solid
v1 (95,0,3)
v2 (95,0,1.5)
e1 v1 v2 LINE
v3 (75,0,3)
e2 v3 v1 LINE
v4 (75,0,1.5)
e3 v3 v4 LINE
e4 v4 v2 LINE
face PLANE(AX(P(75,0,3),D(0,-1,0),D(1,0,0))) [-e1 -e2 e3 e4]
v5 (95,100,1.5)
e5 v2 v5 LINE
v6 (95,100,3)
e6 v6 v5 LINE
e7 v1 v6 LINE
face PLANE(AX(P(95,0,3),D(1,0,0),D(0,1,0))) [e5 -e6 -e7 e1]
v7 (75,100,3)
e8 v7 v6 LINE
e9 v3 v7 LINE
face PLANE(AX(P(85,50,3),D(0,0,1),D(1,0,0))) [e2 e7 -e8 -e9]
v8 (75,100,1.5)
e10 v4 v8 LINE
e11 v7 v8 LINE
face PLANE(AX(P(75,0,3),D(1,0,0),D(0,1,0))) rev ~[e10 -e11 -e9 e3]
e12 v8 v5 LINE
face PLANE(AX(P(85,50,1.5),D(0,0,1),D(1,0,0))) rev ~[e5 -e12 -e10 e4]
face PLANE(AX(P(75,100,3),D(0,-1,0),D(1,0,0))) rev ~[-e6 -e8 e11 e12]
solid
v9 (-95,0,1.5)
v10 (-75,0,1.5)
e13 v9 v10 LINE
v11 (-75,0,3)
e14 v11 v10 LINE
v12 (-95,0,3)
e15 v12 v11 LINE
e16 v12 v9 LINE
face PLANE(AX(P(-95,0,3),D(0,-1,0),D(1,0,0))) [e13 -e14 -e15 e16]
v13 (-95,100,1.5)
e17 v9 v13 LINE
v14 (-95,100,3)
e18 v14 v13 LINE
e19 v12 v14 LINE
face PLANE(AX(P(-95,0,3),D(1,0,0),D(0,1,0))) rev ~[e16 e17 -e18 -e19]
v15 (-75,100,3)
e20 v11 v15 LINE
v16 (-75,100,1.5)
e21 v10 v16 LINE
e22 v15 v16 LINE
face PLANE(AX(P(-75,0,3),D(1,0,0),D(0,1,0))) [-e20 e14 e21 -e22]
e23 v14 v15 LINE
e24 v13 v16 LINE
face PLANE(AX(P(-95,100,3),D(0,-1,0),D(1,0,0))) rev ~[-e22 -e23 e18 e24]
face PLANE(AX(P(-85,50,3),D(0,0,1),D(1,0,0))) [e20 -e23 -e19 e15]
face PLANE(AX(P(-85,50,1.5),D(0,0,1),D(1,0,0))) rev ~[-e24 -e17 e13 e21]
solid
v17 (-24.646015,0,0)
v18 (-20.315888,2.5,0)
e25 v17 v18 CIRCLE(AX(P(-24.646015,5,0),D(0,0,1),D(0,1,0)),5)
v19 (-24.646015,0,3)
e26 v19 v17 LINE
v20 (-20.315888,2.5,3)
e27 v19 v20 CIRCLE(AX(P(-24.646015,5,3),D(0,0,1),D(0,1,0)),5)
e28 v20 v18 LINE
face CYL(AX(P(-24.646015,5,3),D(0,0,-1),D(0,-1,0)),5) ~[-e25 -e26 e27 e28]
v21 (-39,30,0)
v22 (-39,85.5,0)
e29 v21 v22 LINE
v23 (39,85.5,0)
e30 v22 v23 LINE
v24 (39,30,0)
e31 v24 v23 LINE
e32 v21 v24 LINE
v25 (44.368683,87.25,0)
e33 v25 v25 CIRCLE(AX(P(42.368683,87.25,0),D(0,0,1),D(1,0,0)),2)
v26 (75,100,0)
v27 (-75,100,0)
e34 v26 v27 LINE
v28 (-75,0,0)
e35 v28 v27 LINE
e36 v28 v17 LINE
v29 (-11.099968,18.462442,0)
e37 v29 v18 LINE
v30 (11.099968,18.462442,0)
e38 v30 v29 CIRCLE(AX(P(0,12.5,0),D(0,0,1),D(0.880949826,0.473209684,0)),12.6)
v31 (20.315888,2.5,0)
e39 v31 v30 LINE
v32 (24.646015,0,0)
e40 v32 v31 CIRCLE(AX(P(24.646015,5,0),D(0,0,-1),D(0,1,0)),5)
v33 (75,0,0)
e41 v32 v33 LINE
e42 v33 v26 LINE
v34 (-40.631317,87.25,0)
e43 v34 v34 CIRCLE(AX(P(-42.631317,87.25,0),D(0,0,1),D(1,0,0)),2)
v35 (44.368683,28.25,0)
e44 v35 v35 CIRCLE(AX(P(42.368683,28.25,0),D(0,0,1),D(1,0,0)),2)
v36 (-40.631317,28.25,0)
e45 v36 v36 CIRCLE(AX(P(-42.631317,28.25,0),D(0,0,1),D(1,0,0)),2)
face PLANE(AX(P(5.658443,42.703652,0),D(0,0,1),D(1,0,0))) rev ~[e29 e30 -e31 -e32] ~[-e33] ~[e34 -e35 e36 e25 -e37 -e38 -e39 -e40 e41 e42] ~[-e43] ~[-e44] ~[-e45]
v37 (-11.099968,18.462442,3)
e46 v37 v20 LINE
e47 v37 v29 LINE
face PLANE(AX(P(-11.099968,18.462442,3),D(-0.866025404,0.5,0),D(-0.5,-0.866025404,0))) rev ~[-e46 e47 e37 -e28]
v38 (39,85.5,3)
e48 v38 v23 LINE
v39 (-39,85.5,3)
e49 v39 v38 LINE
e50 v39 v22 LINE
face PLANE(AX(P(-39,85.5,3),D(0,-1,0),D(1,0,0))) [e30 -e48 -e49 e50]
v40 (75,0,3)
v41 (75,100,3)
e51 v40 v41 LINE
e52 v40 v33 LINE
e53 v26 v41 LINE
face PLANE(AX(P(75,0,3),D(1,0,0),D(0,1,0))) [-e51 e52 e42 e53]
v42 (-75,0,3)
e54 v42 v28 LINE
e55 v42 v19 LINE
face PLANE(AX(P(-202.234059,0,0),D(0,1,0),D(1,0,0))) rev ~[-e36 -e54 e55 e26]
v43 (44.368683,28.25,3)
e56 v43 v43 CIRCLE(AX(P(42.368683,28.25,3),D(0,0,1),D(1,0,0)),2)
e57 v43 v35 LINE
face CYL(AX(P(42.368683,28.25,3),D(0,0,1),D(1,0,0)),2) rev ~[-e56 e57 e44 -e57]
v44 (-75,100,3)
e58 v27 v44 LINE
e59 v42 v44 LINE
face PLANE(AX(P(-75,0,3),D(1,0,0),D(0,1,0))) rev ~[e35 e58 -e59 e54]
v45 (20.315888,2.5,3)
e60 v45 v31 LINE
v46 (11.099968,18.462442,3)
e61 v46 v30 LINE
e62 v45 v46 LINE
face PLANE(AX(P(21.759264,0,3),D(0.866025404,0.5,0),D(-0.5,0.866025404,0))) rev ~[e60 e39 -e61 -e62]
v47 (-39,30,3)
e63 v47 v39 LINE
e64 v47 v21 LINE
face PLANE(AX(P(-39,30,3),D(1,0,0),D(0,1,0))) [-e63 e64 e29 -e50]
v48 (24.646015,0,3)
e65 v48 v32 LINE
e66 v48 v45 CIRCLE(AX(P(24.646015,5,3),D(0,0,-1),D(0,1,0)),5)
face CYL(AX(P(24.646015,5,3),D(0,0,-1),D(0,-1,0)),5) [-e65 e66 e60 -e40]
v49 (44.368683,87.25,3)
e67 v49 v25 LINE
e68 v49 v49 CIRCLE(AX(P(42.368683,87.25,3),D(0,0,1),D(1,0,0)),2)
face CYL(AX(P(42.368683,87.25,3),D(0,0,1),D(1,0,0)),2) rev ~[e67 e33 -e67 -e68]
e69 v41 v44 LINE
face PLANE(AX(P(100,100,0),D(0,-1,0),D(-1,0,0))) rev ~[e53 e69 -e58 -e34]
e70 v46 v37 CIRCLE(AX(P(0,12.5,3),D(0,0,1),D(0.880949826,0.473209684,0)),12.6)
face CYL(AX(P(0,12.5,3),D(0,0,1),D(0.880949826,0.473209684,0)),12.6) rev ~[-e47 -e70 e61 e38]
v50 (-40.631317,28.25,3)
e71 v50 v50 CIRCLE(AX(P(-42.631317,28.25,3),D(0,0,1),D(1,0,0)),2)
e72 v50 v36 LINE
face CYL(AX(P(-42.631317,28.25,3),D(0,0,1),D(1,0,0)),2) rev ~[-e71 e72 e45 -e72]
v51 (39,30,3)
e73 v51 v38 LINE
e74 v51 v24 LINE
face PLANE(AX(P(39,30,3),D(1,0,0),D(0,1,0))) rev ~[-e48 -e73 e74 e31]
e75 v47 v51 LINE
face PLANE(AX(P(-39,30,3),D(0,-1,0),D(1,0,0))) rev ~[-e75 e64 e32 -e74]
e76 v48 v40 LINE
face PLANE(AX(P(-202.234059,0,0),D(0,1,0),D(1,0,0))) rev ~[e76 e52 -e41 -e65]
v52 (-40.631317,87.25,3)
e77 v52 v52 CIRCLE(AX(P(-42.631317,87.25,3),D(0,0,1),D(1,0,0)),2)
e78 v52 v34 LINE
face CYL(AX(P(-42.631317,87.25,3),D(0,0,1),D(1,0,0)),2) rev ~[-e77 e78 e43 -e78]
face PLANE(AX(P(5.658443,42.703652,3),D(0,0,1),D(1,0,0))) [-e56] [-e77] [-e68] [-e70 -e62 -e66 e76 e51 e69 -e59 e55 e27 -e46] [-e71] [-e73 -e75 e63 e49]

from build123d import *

# Parameters (mm, degrees)
F1_DEPTH  = 3
F3_DEPTH  = 25
F4_R      = 5
F5_R      = 11.15
F5_R_2    = 2.65
F6_DEPTH  = 25
F7_W      = 78
F7_H      = 55.5
F7_R      = 2
F8_DEPTH  = 25
F9_R      = 8.15
F10_DEPTH = 25
F12_W     = 138.9529037597
F12_H     = 109.3872413095
F12_W_2   = 150.4097267888
F12_H_2   = 110.1016509688
F13_DEPTH = 25
F14_W     = 20
F14_H     = 100
F15_DEPTH = 1.5


with BuildPart() as f1:
    # F0 (on Top) → F1 (new body)
    with BuildSketch(Plane.XY):
        with BuildLine():
            Line((-197.8147600734, 20.7911690818), (-202.2340594865, 0))
            Line((-202.2340594865, 0), (216.0975214603, 0))
            Line((216.0975214603, 0), (209.2885731253, 20.7911690818))
            ThreePointArc((209.2885731253, 20.7911690818), (167.4870934164, 78.1154778874), (100, 100))
            Line((100, 100), (-100, 100))
            ThreePointArc((-100, 100), (-162.932039105, 77.7145961457), (-197.8147600734, 20.7911690818))
        make_face()
    extrude(amount=F1_DEPTH)

    # F2 (on face) → F3 (cut)
    with BuildSketch(Plane.XY.offset(3)):
        with BuildLine():
            ThreePointArc((1.5842979518, 0), (9.4530988092, 4.1693984068), (12.6, 12.5))
            ThreePointArc((12.6, 12.5), (12.2192388124, 15.5741182224), (11.0999678023, 18.4624420155))
            ThreePointArc((11.0999678023, 18.4624420155), (0, 25.1), (-11.0999678023, 18.4624420155))
            ThreePointArc((-11.0999678023, 18.4624420155), (-11.1999147641, 6.7274867453), (-1.5842979518, 0))
            Line((-1.5842979518, 0), (1.5842979518, 0))
        make_face()
        with BuildLine():
            ThreePointArc((11.0999678023, 18.4624420155), (12.2192388124, 15.5741182224), (12.6, 12.5))
            ThreePointArc((12.6, 12.5), (9.4530988092, 4.1693984068), (1.5842979518, 0))
            Line((1.5842979518, 0), (21.7592636698, 0))
            Line((21.7592636698, 0), (11.0999678023, 18.4624420155))
        make_face()
        with BuildLine():
            ThreePointArc((-1.5842979518, 0), (0, -0.1), (1.5842979518, 0))
            Line((1.5842979518, 0), (-1.5842979518, 0))
        make_face()
        with BuildLine():
            ThreePointArc((-1.5842979518, 0), (-11.1999147641, 6.7274867453), (-11.0999678023, 18.4624420155))
            Line((-11.0999678023, 18.4624420155), (-21.7592636698, 0))
            Line((-21.7592636698, 0), (-1.5842979518, 0))
        make_face()
    extrude(amount=-F3_DEPTH, mode=Mode.SUBTRACT)

    # F4
    f4_edges = [f1.edges().sort_by_distance(p)[0] for p in [
        (-21.759264, 0, 1.5),
        (21.759264, 0, 1.5),
    ]]
    fillet(f4_edges, radius=F4_R)

    # F5 (on face) → F6 (cut)
    with BuildSketch(Plane.XY.offset(3)):
        Polygon((-145, 38.9489291724), (-152.75, 34.4744645862), (-152.75, 25.5255354138), (-145, 21.0510708276), (-137.25, 25.5255354138), (-137.25, 34.4744645862), align=None)
        with Locations((-115, 30)):
            Circle(F5_R)
        with Locations((-115, 60)):
            Circle(F5_R_2)
        with Locations((-145, 60)):
            Circle(F5_R_2)
    extrude(amount=-F6_DEPTH, mode=Mode.SUBTRACT)

    # F7 (on face) → F8 (cut)
    with BuildSketch(Plane.XY.offset(3)):
        with Locations((0, 57.75)):
            Rectangle(F7_W, F7_H)
        with Locations((-42.6313167033, 28.25)):
            Circle(F7_R)
        with Locations((-42.6313167033, 87.25)):
            Circle(F7_R)
        with Locations((42.3686832967, 87.25)):
            Circle(F7_R)
        with Locations((42.3686832967, 28.25)):
            Circle(F7_R)
    extrude(amount=-F8_DEPTH, mode=Mode.SUBTRACT)

    # F9 (on face) → F10 (cut)
    with BuildSketch(Plane.XY.offset(3)):
        with Locations((115, 30)):
            Circle(F9_R)
    extrude(amount=-F10_DEPTH, mode=Mode.SUBTRACT)

    # F12 (on face) → F13 (cut)
    with BuildSketch(Plane.XY.offset(3)):
        with Locations((-144.4764518799, 54.6936206547)):
            Rectangle(F12_W, F12_H)
        with Locations((150.2048633944, 55.0508254844)):
            Rectangle(F12_W_2, F12_H_2)
    extrude(amount=-F13_DEPTH, mode=Mode.SUBTRACT)


with BuildPart() as f15:
    # F14 (on face) → F15 (new body)
    with BuildSketch(Plane.XY.offset(3)):
        with Locations((-85, 50)):
            Rectangle(F14_W, F14_H)
    extrude(amount=-F15_DEPTH)


with BuildPart() as f15b:
    # F14 (on face) → F15, piece 2 (new body)
    with BuildSketch(Plane.XY.offset(3)):
        with Locations((85, 50)):
            Rectangle(F14_W, F14_H)
    extrude(amount=-F15_DEPTH)


solid = Compound([f1.part, f15.part, f15b.part])
